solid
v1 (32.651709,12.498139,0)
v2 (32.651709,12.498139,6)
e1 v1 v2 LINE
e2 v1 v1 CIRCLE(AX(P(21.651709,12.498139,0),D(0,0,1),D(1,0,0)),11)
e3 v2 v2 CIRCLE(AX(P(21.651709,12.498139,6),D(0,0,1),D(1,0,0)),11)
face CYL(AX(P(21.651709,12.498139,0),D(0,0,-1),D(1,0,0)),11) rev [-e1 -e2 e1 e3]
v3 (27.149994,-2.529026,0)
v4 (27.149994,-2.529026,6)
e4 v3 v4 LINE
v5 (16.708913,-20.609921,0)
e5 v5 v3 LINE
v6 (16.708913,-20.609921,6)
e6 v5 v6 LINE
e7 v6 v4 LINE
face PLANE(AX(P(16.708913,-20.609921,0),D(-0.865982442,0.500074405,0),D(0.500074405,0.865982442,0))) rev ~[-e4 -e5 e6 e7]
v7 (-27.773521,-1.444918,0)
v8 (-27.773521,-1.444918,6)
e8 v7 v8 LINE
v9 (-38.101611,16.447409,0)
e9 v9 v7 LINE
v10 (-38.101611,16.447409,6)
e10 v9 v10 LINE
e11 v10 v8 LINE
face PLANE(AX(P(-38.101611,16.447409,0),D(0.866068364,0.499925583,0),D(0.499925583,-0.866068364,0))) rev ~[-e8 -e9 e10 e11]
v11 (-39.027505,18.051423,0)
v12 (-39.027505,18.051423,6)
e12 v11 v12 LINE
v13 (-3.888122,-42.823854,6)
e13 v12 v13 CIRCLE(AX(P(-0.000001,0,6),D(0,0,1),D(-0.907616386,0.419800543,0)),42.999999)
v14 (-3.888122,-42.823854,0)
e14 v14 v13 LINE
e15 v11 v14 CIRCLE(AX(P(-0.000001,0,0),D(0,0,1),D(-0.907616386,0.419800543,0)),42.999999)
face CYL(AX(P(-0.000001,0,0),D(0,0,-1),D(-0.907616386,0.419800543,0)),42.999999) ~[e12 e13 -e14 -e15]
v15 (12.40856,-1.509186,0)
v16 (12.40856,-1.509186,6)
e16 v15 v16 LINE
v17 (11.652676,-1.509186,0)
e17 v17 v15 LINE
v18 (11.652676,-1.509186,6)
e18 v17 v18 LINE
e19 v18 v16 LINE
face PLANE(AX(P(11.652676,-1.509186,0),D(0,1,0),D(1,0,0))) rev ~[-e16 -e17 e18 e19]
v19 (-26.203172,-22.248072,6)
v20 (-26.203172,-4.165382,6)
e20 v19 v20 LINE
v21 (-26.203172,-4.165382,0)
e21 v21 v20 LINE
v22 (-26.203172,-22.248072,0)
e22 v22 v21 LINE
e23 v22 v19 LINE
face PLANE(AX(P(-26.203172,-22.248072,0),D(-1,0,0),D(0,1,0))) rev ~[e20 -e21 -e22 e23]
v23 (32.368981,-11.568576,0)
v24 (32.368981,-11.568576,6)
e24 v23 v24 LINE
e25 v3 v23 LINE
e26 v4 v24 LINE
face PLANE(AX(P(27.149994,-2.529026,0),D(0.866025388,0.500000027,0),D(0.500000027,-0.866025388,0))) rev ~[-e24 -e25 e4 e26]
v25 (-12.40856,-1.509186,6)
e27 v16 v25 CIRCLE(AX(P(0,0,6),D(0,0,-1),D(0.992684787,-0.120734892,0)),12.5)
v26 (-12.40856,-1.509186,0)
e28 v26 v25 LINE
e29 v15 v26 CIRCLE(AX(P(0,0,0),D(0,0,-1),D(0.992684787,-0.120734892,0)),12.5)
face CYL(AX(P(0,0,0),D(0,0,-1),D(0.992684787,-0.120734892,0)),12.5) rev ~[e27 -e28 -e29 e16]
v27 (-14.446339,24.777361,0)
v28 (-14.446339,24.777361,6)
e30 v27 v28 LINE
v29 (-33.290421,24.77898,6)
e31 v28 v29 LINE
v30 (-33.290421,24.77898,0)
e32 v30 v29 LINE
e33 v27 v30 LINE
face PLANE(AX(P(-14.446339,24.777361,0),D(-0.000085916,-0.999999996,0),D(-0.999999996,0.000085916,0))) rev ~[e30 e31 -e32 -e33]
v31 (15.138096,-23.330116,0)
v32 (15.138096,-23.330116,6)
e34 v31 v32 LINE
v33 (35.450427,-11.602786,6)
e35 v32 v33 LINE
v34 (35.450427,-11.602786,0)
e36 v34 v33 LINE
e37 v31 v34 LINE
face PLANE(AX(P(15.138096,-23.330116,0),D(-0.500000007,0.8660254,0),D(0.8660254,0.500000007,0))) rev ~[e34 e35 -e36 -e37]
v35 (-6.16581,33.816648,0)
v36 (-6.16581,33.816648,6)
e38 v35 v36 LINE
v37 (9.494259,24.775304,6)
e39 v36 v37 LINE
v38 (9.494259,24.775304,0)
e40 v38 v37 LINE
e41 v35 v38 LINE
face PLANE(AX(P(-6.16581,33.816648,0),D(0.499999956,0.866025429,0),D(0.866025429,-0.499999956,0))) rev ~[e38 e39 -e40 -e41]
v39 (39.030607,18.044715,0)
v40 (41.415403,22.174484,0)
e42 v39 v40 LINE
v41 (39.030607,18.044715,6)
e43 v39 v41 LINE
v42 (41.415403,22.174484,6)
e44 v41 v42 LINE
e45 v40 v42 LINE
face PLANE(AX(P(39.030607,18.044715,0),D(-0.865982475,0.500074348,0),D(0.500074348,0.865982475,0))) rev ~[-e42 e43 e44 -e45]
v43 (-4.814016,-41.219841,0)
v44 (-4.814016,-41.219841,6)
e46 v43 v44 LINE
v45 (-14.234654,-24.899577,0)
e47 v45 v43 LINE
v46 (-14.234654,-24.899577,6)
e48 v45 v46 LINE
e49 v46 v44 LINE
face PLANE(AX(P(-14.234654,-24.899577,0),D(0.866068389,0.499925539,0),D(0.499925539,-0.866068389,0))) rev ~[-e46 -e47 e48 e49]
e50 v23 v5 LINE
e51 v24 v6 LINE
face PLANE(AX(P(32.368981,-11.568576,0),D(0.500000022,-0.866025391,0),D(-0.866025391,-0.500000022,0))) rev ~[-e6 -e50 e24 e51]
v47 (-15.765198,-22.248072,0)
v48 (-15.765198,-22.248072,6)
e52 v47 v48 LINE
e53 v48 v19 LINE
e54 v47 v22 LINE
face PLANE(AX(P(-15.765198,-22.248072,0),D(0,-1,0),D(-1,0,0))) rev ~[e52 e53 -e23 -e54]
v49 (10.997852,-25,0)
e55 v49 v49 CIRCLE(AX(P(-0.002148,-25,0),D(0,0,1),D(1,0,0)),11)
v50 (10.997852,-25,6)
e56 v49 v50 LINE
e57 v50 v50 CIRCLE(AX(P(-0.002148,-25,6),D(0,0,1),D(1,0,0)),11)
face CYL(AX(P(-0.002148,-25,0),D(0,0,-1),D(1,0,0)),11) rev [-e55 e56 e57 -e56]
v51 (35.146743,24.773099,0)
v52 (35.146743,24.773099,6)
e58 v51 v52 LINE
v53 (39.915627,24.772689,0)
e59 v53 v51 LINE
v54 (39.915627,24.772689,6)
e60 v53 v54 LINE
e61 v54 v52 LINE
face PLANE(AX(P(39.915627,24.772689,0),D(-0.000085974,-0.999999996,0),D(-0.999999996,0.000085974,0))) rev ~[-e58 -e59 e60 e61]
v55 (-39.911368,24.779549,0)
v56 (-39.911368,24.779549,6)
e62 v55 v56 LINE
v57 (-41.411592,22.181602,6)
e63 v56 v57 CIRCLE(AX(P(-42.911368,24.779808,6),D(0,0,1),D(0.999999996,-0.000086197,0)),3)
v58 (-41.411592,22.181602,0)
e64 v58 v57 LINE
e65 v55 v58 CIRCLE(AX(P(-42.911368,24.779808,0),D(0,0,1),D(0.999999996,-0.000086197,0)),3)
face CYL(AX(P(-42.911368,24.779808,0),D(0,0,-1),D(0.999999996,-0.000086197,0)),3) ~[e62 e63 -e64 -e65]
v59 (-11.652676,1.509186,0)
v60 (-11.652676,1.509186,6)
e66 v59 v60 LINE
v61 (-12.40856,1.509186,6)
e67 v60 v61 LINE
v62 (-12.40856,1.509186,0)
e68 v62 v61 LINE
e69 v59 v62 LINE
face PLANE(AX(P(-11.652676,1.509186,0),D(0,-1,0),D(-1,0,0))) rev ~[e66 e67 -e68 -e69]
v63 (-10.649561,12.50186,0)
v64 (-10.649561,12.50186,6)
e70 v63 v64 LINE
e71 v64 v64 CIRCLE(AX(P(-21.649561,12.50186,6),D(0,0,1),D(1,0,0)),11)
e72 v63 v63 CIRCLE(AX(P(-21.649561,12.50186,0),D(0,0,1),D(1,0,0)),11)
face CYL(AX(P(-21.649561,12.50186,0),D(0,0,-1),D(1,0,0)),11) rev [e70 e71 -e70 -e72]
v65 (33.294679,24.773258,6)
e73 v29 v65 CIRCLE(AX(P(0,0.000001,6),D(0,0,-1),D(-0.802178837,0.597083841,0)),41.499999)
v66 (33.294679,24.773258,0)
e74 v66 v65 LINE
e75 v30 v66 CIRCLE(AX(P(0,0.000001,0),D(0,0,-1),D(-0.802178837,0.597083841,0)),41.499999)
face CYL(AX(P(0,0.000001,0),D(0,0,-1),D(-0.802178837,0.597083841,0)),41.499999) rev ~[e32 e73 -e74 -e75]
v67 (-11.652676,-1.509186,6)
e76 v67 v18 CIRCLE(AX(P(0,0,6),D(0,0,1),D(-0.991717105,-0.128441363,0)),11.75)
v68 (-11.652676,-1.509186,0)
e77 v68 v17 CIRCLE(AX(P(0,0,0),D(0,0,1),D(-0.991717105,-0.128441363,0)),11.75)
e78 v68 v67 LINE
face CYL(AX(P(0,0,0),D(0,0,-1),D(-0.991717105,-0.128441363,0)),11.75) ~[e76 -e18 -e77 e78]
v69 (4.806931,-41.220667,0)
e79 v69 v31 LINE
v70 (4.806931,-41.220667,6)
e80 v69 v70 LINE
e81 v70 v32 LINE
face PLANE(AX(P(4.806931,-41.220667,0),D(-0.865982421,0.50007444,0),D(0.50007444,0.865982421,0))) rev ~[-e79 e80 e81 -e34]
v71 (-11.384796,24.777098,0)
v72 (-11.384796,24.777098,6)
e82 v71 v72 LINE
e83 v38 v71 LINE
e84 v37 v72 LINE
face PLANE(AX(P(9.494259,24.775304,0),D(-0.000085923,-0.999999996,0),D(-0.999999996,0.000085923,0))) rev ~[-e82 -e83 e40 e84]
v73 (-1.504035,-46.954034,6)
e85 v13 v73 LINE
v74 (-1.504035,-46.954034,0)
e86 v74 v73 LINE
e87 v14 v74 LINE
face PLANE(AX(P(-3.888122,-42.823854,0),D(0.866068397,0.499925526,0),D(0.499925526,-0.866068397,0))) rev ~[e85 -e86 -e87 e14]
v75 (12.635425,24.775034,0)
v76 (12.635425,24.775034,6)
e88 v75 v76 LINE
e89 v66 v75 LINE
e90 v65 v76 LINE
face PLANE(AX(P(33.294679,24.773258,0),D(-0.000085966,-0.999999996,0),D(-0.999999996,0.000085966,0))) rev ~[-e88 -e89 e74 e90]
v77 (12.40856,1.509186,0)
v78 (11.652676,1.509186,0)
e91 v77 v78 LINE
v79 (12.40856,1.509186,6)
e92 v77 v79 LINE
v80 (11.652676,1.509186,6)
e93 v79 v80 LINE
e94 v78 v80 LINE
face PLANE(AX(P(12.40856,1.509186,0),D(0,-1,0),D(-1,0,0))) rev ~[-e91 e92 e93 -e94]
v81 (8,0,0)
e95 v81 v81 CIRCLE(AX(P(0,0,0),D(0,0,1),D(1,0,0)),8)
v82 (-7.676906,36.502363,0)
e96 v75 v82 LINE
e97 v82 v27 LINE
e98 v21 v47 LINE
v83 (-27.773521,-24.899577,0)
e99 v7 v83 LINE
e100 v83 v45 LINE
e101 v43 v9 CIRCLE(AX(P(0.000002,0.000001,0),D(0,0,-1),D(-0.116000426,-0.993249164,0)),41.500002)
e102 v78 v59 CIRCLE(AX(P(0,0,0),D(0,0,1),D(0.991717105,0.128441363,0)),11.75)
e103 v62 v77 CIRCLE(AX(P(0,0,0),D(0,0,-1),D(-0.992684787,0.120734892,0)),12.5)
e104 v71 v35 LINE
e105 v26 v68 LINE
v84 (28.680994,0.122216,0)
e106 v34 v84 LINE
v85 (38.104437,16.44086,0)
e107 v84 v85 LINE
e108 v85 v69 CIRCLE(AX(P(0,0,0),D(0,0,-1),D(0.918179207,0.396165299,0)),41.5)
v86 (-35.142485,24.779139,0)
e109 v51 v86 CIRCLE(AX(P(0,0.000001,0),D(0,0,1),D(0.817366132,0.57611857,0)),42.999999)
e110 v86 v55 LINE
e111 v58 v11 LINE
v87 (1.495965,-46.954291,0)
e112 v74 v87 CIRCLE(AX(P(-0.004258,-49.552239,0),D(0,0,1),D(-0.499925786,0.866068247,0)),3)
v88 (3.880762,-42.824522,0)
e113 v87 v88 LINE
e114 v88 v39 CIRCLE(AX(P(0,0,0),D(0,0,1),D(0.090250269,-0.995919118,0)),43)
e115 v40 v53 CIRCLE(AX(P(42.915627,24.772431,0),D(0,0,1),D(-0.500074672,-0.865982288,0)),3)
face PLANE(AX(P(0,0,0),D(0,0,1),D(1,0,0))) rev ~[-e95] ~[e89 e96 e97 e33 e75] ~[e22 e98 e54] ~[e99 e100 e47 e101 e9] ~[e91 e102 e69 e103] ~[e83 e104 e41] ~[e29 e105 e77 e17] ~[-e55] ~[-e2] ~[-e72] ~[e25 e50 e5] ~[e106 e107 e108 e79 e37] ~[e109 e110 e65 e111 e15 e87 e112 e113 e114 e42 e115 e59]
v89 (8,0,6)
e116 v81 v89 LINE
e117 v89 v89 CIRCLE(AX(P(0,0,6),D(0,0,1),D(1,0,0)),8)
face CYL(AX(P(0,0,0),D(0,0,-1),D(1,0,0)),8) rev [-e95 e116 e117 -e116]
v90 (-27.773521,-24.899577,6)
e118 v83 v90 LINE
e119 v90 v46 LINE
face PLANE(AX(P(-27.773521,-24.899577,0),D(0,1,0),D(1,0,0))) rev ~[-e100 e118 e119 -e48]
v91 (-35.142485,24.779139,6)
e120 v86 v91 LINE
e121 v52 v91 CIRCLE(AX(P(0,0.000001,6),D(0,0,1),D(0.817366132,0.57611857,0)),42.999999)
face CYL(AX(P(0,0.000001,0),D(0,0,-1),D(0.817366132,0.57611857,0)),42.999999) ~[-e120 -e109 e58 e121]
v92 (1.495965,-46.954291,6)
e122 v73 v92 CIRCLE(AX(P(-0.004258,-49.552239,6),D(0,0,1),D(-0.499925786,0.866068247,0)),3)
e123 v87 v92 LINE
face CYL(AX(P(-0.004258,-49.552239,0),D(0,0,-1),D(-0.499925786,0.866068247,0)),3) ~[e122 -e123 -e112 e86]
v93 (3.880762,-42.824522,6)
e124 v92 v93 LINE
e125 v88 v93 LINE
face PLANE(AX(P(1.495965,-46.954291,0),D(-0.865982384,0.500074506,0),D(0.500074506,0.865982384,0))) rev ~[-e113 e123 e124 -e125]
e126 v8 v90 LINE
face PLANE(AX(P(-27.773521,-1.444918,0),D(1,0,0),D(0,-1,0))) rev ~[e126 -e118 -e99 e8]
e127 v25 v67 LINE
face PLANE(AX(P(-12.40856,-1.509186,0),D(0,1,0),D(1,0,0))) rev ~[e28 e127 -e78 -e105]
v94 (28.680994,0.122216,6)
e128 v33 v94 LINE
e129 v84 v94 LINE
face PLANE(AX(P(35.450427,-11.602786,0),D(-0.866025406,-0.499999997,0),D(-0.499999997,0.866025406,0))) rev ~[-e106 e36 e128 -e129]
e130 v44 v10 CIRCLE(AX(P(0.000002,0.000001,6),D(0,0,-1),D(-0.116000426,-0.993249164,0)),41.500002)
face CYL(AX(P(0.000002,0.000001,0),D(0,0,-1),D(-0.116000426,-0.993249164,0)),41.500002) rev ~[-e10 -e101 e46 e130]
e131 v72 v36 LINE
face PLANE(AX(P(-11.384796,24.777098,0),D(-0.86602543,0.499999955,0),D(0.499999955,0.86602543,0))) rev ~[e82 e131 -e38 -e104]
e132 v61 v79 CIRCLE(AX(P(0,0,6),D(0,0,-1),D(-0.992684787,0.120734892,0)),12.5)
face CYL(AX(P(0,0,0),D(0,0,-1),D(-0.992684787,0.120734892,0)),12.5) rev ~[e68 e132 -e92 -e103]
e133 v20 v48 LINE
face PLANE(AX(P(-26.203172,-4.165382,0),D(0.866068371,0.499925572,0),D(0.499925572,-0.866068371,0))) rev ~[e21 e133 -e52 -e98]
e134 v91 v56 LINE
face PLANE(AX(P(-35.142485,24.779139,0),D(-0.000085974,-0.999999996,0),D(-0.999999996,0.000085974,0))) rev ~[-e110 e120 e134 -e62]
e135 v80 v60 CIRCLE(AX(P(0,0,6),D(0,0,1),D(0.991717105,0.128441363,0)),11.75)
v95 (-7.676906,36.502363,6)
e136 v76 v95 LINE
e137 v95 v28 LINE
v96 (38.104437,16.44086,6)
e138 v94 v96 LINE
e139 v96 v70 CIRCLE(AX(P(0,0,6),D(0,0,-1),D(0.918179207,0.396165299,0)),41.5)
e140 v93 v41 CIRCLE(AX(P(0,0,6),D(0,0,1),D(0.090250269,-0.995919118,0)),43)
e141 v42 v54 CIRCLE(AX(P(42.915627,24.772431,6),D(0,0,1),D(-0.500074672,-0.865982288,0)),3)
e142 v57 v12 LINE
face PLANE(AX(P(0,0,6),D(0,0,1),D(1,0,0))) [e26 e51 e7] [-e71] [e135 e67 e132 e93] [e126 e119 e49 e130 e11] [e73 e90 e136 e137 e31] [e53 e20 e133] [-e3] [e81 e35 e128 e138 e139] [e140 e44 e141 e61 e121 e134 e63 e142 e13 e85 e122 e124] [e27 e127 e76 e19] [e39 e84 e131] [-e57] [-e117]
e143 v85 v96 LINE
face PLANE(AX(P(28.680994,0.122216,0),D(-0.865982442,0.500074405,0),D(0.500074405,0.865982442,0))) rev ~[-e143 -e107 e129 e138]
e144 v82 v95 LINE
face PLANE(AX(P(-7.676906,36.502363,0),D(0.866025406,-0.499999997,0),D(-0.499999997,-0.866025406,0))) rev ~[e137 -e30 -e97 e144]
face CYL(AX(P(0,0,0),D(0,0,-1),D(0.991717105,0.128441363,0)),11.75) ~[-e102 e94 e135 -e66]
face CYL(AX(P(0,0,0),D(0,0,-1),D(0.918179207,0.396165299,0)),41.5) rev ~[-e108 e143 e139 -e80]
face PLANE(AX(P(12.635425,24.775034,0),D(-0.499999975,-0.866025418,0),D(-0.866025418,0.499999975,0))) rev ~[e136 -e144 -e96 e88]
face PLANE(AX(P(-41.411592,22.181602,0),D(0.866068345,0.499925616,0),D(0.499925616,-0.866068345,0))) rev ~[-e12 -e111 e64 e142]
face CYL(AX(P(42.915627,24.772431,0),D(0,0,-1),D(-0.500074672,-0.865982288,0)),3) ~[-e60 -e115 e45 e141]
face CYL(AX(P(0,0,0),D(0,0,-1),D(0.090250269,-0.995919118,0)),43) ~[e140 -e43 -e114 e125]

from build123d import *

# Parameters (mm, degrees)
F0_R     = 11
F0_R_2   = 8
F1_DEPTH = 6


with BuildPart() as f1:
    # F0 (on Top) → F1 (new body)
    with BuildSketch(Plane.XY):
        with BuildLine():
            Line((39.030607, 18.044715), (41.415403, 22.174484))
            ThreePointArc((41.415403, 22.174484), (45.513832, 26.272208), (39.915627, 24.772689))
            Line((39.915627, 24.772689), (35.146743, 24.773099))
            ThreePointArc((35.146743, 24.773099), (0.003695, 43), (-35.142485, 24.779139))
            Line((-35.142485, 24.779139), (-39.911368, 24.779549))
            ThreePointArc((-39.911368, 24.779549), (-45.509316, 26.28003), (-41.411592, 22.181602))
            Line((-41.411592, 22.181602), (-39.027505, 18.051423))
            ThreePointArc((-39.027505, 18.051423), (-37.24094, -21.4968), (-3.888122, -42.823854))
            Line((-3.888122, -42.823854), (-1.504035, -46.954034))
            ThreePointArc((-1.504035, -46.954034), (-0.004516, -52.552239), (1.495965, -46.954291))
            Line((1.495965, -46.954291), (3.880762, -42.824522))
            ThreePointArc((3.880762, -42.824522), (37.237245, -21.5032), (39.030607, 18.044715))
        make_face()
        with BuildLine():
            Line((-14.234654, -24.899577), (-4.814016, -41.219841))
            ThreePointArc((-4.814016, -41.219841), (-35.941837, -20.746911), (-38.101611, 16.447409))
            Line((-38.101611, 16.447409), (-27.773521, -1.444918))
            Line((-27.773521, -1.444918), (-27.773521, -24.899577))
            Line((-27.773521, -24.899577), (-14.234654, -24.899577))
        make_face(mode=Mode.SUBTRACT)
        with Locations((-0.002148, -25)):
            Circle(F0_R, mode=Mode.SUBTRACT)
        Polygon((-15.765198, -22.248072), (-26.203172, -22.248072), (-26.203172, -4.165382), align=None, mode=Mode.SUBTRACT)
        with BuildLine():
            ThreePointArc((-11.652676, -1.509186), (0, -11.75), (11.652676, -1.509186))
            Line((11.652676, -1.509186), (12.40856, -1.509186))
            ThreePointArc((12.40856, -1.509186), (0, -12.5), (-12.40856, -1.509186))
            Line((-12.40856, -1.509186), (-11.652676, -1.509186))
        make_face(mode=Mode.SUBTRACT)
        with BuildLine():
            ThreePointArc((38.104437, 16.44086), (35.938271, -20.753088), (4.806931, -41.220667))
            Line((4.806931, -41.220667), (15.138096, -23.330116))
            Line((15.138096, -23.330116), (35.450427, -11.602786))
            Line((35.450427, -11.602786), (28.680994, 0.122216))
            Line((28.680994, 0.122216), (38.104437, 16.44086))
        make_face(mode=Mode.SUBTRACT)
        Polygon((27.149994, -2.529026), (32.368981, -11.568576), (16.708913, -20.609921), align=None, mode=Mode.SUBTRACT)
        Circle(F0_R_2, mode=Mode.SUBTRACT)
        with BuildLine():
            Line((12.40856, 1.509186), (11.652676, 1.509186))
            ThreePointArc((11.652676, 1.509186), (0, 11.75), (-11.652676, 1.509186))
            Line((-11.652676, 1.509186), (-12.40856, 1.509186))
            ThreePointArc((-12.40856, 1.509186), (0, 12.5), (12.40856, 1.509186))
        make_face(mode=Mode.SUBTRACT)
        with Locations((-21.649561, 12.50186)):
            Circle(F0_R, mode=Mode.SUBTRACT)
        Polygon((-11.384796, 24.777098), (-6.16581, 33.816648), (9.494259, 24.775304), align=None, mode=Mode.SUBTRACT)
        with BuildLine():
            ThreePointArc((-33.290421, 24.77898), (0.003566, 41.5), (33.294679, 24.773258))
            Line((33.294679, 24.773258), (12.635425, 24.775034))
            Line((12.635425, 24.775034), (-7.676906, 36.502363))
            Line((-7.676906, 36.502363), (-14.446339, 24.777361))
            Line((-14.446339, 24.777361), (-33.290421, 24.77898))
        make_face(mode=Mode.SUBTRACT)
        with Locations((21.651709, 12.498139)):
            Circle(F0_R, mode=Mode.SUBTRACT)
    extrude(amount=F1_DEPTH)


solid = f1.part
